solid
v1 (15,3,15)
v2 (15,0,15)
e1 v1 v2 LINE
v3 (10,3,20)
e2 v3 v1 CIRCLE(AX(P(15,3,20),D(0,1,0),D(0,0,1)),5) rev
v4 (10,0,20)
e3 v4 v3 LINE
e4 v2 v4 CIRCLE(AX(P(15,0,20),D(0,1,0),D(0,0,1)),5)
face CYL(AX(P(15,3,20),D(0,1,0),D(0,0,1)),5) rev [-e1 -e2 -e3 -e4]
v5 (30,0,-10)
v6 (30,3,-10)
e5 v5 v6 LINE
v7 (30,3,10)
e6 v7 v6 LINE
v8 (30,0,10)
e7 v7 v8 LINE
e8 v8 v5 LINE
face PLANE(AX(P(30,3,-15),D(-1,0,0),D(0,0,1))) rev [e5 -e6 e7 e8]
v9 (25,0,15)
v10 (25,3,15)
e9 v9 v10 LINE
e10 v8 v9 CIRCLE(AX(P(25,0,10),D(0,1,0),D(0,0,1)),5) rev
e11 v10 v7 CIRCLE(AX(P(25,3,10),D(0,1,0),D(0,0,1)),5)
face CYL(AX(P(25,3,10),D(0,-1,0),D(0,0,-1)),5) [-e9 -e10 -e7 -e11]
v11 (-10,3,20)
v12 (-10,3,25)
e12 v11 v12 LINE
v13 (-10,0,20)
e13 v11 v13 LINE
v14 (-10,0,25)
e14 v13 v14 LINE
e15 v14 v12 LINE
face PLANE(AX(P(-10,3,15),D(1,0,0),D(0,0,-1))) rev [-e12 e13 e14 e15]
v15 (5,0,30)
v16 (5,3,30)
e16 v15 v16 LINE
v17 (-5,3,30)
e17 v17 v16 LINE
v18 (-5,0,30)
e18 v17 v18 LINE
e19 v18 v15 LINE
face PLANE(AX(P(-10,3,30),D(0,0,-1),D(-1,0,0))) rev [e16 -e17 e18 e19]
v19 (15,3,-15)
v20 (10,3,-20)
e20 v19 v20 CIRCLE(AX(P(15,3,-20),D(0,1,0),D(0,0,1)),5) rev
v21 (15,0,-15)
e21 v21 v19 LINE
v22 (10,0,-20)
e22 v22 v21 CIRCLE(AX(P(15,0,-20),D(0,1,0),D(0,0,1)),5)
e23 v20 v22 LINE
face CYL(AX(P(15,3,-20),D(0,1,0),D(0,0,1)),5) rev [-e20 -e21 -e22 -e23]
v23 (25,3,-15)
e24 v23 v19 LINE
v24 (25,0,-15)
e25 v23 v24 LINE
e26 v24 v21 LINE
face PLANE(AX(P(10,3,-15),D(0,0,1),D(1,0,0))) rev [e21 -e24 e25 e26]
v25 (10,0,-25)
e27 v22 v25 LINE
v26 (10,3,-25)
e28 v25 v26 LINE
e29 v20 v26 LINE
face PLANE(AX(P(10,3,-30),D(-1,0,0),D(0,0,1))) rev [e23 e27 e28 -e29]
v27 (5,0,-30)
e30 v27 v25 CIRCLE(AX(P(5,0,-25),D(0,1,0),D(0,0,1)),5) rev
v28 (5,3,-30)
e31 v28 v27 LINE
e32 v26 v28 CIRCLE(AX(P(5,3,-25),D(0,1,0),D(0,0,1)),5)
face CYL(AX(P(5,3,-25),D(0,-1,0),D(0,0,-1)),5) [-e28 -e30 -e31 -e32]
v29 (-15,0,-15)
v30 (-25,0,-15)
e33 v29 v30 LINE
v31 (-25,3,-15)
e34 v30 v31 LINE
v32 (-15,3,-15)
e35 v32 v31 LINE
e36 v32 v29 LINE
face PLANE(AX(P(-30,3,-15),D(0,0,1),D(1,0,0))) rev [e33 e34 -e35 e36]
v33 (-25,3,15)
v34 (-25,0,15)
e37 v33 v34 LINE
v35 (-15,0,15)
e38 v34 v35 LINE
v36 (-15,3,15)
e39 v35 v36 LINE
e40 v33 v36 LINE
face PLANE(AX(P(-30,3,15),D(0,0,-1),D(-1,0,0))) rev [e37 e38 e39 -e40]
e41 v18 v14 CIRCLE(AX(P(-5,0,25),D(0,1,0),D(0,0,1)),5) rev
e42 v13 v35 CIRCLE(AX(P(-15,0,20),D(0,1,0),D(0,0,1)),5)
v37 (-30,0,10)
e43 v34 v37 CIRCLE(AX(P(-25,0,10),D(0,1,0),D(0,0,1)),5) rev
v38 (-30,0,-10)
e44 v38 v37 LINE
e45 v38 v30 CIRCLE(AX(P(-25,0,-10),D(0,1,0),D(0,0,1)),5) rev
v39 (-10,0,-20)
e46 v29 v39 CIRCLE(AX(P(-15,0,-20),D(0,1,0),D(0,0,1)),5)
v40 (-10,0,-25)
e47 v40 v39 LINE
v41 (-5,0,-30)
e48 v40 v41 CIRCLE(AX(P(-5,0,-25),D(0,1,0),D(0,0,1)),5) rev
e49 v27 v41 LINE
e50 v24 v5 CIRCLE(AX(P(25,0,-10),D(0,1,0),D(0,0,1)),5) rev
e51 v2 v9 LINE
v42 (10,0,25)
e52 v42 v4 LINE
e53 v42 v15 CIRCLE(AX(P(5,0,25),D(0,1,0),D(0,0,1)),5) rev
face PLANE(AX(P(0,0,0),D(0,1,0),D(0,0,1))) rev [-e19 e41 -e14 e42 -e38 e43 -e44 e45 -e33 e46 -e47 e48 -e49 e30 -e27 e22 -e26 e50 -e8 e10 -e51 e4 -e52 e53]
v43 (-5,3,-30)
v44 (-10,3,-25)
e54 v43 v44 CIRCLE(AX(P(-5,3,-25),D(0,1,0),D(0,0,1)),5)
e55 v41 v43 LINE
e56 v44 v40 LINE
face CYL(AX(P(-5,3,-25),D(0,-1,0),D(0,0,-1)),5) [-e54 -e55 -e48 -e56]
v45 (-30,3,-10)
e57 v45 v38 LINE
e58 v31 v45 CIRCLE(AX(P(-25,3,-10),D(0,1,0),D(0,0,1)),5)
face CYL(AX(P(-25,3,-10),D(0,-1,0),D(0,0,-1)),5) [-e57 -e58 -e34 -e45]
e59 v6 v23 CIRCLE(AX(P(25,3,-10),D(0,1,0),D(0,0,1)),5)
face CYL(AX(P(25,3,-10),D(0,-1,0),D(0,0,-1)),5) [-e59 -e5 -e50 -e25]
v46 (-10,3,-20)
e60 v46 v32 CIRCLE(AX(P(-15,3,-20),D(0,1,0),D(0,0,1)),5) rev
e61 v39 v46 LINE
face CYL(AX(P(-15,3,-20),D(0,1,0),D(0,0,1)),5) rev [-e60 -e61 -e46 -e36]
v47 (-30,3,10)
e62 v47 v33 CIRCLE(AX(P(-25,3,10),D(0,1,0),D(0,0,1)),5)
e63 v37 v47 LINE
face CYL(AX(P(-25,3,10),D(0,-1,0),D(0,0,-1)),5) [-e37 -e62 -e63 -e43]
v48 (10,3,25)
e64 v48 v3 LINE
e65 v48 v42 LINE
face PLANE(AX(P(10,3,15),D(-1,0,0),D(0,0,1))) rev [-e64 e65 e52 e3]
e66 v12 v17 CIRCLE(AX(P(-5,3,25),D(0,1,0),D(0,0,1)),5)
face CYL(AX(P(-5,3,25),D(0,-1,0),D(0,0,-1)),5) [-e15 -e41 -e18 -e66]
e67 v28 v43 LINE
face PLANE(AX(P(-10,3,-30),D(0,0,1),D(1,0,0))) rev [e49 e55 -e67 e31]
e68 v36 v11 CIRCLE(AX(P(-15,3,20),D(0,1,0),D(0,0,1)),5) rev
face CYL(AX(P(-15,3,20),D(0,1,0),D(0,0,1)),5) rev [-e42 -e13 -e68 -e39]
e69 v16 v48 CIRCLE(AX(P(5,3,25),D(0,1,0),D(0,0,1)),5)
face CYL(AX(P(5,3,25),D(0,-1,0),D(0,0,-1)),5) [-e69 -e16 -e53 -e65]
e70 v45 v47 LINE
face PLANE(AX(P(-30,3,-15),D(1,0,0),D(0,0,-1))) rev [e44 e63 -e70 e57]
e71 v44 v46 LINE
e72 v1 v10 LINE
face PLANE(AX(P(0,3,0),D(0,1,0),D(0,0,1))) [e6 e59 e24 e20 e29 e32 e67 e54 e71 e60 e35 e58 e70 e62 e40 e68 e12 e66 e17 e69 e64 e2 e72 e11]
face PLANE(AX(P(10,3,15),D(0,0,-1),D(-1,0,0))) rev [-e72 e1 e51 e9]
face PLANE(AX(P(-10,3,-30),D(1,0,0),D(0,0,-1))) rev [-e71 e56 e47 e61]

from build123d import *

# Parameters (mm, degrees)
EXTRUDE_1_DEPTH = 3
FILLET_1_R      = 5


with BuildPart() as part:
    # 草图1 → 凸台-拉伸1 (new body)
    with BuildSketch(Plane(origin=(0, 0, 0), x_dir=(1, 0, 0), z_dir=(0, 1, 0))):
        Polygon((10, 15), (30, 15), (30, -15), (10, -15), (10, -30), (-10, -30), (-10, -15), (-30, -15), (-30, 15), (-10, 15), (-10, 30), (10, 30), align=None)
    extrude(amount=EXTRUDE_1_DEPTH)

    # 圆角1
    fillet_1_edges = [part.edges().sort_by_distance(p)[0] for p in [
        (10, 1.5, 30),
        (-10, 1.5, 30),
        (-10, 1.5, 15),
        (-30, 1.5, 15),
        (-30, 1.5, -15),
        (-10, 1.5, -15),
        (-10, 1.5, -30),
        (10, 1.5, -30),
        (10, 1.5, -15),
        (30, 1.5, -15),
        (30, 1.5, 15),
        (10, 1.5, 15),
    ]]
    fillet(fillet_1_edges, radius=FILLET_1_R)


solid = part.part
